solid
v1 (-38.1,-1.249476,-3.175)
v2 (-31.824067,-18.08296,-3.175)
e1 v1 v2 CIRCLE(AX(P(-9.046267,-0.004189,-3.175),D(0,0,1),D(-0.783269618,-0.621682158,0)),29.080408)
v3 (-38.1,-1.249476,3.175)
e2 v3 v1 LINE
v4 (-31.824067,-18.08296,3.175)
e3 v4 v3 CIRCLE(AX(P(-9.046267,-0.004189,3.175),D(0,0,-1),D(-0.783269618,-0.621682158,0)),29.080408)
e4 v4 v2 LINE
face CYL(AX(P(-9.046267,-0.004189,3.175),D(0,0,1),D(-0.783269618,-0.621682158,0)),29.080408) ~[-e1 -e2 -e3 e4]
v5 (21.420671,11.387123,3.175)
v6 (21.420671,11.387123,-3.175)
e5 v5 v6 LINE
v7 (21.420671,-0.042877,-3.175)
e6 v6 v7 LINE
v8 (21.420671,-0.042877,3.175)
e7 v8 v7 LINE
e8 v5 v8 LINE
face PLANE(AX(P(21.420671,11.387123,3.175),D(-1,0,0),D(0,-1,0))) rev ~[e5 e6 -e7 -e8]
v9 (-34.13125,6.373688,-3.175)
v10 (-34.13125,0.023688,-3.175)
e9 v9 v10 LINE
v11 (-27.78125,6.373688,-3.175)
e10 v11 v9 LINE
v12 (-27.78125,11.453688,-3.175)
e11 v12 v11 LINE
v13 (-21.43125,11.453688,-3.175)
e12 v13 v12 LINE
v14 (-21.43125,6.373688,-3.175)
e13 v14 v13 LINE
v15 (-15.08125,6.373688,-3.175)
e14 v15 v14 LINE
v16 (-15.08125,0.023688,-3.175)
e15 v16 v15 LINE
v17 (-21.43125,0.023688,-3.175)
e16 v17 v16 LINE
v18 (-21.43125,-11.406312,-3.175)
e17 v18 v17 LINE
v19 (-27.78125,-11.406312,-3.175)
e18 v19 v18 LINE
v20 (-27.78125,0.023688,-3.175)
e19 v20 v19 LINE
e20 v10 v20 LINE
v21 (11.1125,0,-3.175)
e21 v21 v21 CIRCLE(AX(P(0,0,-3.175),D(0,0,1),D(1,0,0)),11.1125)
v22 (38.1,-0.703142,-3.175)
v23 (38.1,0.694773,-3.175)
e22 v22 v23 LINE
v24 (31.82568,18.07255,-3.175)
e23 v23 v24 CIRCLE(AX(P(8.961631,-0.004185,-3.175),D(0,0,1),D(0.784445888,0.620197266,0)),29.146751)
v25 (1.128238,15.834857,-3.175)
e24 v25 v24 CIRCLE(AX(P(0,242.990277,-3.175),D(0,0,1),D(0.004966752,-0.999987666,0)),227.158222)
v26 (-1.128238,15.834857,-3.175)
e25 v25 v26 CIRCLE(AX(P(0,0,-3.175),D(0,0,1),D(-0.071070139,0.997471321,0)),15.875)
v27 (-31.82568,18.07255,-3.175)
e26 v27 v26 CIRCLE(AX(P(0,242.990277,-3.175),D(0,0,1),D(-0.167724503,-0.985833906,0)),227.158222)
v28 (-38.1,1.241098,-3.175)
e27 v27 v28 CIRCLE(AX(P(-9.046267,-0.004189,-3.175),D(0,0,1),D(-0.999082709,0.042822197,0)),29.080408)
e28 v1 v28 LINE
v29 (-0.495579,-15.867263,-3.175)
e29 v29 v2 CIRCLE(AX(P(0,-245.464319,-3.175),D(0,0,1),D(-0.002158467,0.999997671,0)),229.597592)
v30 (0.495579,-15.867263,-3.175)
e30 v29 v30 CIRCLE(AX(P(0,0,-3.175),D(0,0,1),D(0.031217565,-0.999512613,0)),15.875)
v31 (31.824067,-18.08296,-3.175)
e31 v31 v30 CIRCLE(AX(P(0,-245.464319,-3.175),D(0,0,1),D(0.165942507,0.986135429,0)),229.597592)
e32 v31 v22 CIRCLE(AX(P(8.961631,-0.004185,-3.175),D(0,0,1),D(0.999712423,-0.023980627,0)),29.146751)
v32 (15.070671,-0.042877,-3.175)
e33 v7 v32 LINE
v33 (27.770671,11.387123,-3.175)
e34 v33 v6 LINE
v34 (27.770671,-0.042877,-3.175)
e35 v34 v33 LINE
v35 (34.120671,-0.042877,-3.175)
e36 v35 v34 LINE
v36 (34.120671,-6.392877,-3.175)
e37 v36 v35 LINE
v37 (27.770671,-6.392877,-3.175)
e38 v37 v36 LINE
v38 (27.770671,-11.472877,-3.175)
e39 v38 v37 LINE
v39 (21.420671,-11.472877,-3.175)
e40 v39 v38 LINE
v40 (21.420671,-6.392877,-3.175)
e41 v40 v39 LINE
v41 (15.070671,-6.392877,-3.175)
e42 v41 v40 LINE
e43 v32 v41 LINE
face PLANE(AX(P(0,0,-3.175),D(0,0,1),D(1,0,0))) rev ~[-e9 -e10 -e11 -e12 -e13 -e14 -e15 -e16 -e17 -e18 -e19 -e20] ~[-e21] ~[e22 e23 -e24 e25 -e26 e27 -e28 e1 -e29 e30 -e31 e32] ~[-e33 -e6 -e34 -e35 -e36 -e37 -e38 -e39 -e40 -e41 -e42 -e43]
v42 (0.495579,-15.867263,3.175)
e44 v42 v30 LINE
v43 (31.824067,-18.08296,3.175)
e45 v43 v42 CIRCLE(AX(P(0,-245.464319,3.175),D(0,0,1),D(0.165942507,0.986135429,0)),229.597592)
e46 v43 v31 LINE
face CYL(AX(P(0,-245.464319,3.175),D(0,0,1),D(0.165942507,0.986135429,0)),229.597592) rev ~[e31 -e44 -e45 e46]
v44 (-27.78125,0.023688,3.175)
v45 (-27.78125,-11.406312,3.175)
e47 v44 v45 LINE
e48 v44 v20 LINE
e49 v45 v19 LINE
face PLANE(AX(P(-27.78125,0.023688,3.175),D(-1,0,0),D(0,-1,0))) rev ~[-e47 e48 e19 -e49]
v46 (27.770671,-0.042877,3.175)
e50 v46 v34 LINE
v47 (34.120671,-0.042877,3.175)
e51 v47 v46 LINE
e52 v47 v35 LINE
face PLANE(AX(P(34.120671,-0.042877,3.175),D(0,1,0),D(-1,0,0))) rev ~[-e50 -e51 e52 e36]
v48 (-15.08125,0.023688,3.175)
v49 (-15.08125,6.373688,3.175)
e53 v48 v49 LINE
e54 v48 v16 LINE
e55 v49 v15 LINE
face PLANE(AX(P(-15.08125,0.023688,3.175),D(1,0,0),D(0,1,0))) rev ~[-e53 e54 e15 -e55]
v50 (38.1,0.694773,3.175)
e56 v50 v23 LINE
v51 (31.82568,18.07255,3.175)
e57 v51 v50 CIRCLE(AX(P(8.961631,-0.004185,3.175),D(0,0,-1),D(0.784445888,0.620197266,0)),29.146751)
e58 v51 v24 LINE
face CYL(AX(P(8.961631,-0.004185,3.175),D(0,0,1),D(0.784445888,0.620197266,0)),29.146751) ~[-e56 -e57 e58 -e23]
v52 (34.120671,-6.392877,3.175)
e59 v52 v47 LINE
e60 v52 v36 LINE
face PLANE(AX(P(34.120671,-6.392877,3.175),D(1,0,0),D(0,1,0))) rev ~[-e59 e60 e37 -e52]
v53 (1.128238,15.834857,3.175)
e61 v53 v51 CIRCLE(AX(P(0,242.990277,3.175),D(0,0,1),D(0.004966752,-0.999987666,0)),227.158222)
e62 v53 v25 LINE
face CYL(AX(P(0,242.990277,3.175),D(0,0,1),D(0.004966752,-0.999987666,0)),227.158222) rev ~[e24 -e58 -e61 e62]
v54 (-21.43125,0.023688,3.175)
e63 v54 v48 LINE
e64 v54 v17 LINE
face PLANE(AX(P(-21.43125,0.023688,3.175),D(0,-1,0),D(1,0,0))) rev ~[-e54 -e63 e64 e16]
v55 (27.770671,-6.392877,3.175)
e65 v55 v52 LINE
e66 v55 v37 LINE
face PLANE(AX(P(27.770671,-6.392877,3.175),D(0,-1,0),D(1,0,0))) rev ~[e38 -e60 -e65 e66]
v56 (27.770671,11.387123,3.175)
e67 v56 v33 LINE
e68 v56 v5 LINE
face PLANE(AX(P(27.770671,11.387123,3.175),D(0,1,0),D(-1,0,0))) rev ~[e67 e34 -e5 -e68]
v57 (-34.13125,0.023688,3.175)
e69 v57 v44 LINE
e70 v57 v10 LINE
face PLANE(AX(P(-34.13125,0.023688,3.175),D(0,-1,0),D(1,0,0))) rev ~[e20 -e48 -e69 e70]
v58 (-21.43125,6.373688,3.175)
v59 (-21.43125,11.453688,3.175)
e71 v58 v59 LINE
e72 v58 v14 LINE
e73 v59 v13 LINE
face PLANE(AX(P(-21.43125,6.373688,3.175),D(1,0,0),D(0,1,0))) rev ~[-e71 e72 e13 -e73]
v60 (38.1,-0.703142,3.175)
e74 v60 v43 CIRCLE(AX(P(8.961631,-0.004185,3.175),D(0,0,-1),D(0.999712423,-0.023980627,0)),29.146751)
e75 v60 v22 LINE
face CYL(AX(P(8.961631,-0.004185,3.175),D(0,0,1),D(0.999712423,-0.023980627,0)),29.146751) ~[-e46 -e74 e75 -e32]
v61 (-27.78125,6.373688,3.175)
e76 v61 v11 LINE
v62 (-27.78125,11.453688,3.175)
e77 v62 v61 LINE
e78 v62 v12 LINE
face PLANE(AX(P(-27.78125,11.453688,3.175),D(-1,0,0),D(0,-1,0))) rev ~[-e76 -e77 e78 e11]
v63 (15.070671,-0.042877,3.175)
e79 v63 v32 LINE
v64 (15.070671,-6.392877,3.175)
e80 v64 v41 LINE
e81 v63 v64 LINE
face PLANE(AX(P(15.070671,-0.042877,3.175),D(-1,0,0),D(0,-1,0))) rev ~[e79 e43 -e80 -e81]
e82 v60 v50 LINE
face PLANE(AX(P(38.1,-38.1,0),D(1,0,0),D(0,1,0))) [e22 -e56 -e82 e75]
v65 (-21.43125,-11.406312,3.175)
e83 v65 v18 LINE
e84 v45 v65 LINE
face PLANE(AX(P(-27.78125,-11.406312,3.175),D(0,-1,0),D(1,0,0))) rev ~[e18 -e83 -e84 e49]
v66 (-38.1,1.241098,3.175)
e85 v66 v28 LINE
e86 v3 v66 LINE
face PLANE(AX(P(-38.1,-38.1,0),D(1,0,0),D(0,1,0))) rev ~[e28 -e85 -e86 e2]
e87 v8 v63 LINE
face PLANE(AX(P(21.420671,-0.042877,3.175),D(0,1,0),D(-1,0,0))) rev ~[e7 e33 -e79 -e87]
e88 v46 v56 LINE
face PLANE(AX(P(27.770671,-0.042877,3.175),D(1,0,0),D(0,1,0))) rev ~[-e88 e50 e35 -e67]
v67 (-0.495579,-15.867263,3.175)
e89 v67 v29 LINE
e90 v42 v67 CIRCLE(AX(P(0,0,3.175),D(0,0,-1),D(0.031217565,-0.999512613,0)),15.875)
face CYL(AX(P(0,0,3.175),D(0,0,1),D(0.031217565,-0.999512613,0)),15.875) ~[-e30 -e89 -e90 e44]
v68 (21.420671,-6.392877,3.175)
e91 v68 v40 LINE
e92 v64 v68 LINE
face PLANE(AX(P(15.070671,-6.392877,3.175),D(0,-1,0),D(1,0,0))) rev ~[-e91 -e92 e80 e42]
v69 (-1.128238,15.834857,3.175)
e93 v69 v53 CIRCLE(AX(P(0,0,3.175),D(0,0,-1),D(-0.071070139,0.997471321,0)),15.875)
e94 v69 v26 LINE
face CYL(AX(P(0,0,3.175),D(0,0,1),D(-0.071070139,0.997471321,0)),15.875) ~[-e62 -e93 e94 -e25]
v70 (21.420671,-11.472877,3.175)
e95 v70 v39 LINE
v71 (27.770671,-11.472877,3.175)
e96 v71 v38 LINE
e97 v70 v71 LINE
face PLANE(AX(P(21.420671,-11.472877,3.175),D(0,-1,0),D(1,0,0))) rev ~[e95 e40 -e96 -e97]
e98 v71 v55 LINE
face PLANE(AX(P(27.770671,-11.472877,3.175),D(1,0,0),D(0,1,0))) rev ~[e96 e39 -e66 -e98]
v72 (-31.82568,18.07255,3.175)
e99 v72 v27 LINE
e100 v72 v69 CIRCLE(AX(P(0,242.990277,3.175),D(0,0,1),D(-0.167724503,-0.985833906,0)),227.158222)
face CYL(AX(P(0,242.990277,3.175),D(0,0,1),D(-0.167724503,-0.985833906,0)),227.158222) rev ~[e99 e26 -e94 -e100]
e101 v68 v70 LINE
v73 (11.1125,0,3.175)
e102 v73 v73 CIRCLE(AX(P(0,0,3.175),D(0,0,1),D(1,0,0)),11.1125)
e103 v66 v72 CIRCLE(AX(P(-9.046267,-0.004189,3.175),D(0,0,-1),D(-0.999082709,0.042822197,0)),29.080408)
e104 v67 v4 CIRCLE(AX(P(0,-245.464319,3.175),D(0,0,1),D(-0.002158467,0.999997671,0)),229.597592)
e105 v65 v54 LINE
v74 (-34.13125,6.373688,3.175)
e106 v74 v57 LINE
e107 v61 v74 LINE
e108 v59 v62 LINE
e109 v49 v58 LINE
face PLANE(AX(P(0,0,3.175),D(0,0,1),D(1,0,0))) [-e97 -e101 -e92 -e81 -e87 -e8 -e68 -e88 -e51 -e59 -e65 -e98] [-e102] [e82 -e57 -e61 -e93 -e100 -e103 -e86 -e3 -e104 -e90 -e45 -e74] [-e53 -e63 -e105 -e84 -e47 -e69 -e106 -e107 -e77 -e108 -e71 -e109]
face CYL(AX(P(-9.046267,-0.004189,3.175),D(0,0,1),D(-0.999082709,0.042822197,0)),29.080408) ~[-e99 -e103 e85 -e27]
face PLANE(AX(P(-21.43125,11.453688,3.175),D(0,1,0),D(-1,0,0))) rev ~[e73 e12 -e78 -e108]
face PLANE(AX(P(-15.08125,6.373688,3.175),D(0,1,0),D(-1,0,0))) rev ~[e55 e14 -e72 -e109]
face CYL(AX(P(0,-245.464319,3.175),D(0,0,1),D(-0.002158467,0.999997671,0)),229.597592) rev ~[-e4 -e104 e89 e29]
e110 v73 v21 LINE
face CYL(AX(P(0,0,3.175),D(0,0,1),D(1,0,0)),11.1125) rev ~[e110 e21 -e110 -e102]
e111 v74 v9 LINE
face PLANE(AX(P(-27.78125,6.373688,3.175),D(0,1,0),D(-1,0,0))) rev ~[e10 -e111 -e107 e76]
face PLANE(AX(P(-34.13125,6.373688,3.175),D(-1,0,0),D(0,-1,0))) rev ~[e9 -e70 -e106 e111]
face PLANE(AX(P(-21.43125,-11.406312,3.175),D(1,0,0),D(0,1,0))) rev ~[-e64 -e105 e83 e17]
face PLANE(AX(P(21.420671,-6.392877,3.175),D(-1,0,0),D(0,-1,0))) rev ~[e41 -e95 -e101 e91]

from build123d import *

# Parameters (mm, degrees)
F0_W          = 76.2
F0_H          = 76.2
F1_DEPTH      = 3.175
F1_DEPTH_BACK = 3.175
F2_R          = 11.1125
F3_DEPTH      = 25.4
F5_DEPTH      = 25.4
F7_DEPTH      = 25.4
F9_DEPTH      = 25.4
F10_DEPTH     = 25.4


with BuildPart() as f1:
    # F0 (on Top) → F1 (new body, two sides)
    with BuildSketch(Plane.XY) as f1_sk:
        Rectangle(F0_W, F0_H)
    extrude(amount=F1_DEPTH)
    extrude(f1_sk.sketch, amount=-F1_DEPTH_BACK)

    # F2 (on face) → F3 (cut)
    with BuildSketch(Plane.XY.offset(3.175)):
        Circle(F2_R)
    extrude(amount=-F3_DEPTH, mode=Mode.SUBTRACT)

    # F4 (on face) → F5 (cut)
    with BuildSketch(Plane.XY.offset(3.175)):
        with BuildLine():
            ThreePointArc((-1.1282384551, 15.834857214), (0, 15.875), (1.1282384551, 15.834857214))
            ThreePointArc((1.1282384551, 15.834857214), (19.6798871657, 16.6861460125), (38.1, 19.05))
            Line((38.1, 19.05), (38.1, 38.1))
            Line((38.1, 38.1), (-38.1, 38.1))
            Line((-38.1, 38.1), (-38.1, 19.05))
            ThreePointArc((-38.1, 19.05), (-19.6798871657, 16.6861460125), (-1.1282384551, 15.834857214))
        make_face()
        with BuildLine():
            ThreePointArc((38.1, -19.05), (19.3632933861, -16.6846942182), (0.4955788466, -15.867262732))
            ThreePointArc((0.4955788466, -15.867262732), (0, -15.875), (-0.4955788466, -15.867262732))
            ThreePointArc((-0.4955788466, -15.867262732), (-19.3632933861, -16.6846942182), (-38.1, -19.05))
            Line((-38.1, -19.05), (-38.1, -38.1))
            Line((-38.1, -38.1), (38.1, -38.1))
            Line((38.1, -38.1), (38.1, -19.05))
        make_face()
    extrude(amount=-F5_DEPTH, mode=Mode.SUBTRACT)

    # F6 (on face) → F7 (cut)
    with BuildSketch(Plane.XY.offset(3.175)):
        with BuildLine():
            ThreePointArc((-31.8240671696, -18.0829596142), (-36.2945422432, -10.1630092501), (-38.1, -1.2494755264))
            Line((-38.1, -1.2494755264), (-38.1, -19.05))
            ThreePointArc((-38.1, -19.05), (-34.9653769343, -18.5447820191), (-31.8240671696, -18.0829596142))
        make_face()
        with BuildLine():
            Line((38.1, -19.05), (38.1, -0.7031421254))
            ThreePointArc((38.1, -0.7031421254), (36.375777878, -9.9035605014), (31.8240671696, -18.0829596142))
            ThreePointArc((31.8240671696, -18.0829596142), (34.9653769343, -18.5447820191), (38.1, -19.05))
        make_face()
        with BuildLine():
            Line((38.1, 0.6947725682), (38.1, 19.05))
            ThreePointArc((38.1, 19.05), (34.9662556013, 18.5393499989), (31.8256799416, 18.072550357))
            ThreePointArc((31.8256799416, 18.072550357), (36.3762194276, 9.8939680843), (38.1, 0.6947725682))
        make_face()
        with BuildLine():
            ThreePointArc((-38.1, 1.2410984186), (-36.2949953659, 10.153416681), (-31.8256799416, 18.072550357))
            ThreePointArc((-31.8256799416, 18.072550357), (-34.9662556013, 18.5393499989), (-38.1, 19.05))
            Line((-38.1, 19.05), (-38.1, 1.2410984186))
        make_face()
    extrude(amount=-F7_DEPTH, mode=Mode.SUBTRACT)

    # F8 (on face) → F9 (cut)
    with BuildSketch(Plane.XY.offset(3.175)):
        Polygon((-21.43125, 11.4536878589), (-24.60625, 11.4536878589), (-27.78125, 11.4536878589), (-27.78125, 6.3736878589), (-34.13125, 6.3736878589), (-34.13125, 0.0236878589), (-27.78125, 0.0236878589), (-27.78125, -11.4063121411), (-21.43125, -11.4063121411), (-21.43125, 0.0236878589), (-15.08125, 0.0236878589), (-15.08125, 6.3736878589), (-21.43125, 6.3736878589), align=None)
        Polygon((21.4206709149, -11.47287669), (24.5575709149, -11.47287669), (27.7706709149, -11.47287669), (27.7706709149, -6.39287669), (34.1206709149, -6.39287669), (34.1206709149, -0.04287669), (27.7706709149, -0.04287669), (27.7706709149, 11.38712331), (21.4206709149, 11.38712331), (21.4206709149, -0.04287669), (15.0706709149, -0.04287669), (15.0706709149, -6.39287669), (21.4206709149, -6.39287669), align=None)
    extrude(amount=-F9_DEPTH, mode=Mode.SUBTRACT)

    # F8 (on face) → F10 (cut)
    with BuildSketch(Plane.XY.offset(3.175)):
        Polygon((-21.43125, 11.4536878589), (-24.60625, 11.4536878589), (-27.78125, 11.4536878589), (-27.78125, 6.3736878589), (-34.13125, 6.3736878589), (-34.13125, 0.0236878589), (-27.78125, 0.0236878589), (-27.78125, -11.4063121411), (-21.43125, -11.4063121411), (-21.43125, 0.0236878589), (-15.08125, 0.0236878589), (-15.08125, 6.3736878589), (-21.43125, 6.3736878589), align=None)
        Polygon((21.4206709149, -11.47287669), (24.5575709149, -11.47287669), (27.7706709149, -11.47287669), (27.7706709149, -6.39287669), (34.1206709149, -6.39287669), (34.1206709149, -0.04287669), (27.7706709149, -0.04287669), (27.7706709149, 11.38712331), (21.4206709149, 11.38712331), (21.4206709149, -0.04287669), (15.0706709149, -0.04287669), (15.0706709149, -6.39287669), (21.4206709149, -6.39287669), align=None)
    extrude(amount=-F10_DEPTH, mode=Mode.SUBTRACT)


solid = f1.part
